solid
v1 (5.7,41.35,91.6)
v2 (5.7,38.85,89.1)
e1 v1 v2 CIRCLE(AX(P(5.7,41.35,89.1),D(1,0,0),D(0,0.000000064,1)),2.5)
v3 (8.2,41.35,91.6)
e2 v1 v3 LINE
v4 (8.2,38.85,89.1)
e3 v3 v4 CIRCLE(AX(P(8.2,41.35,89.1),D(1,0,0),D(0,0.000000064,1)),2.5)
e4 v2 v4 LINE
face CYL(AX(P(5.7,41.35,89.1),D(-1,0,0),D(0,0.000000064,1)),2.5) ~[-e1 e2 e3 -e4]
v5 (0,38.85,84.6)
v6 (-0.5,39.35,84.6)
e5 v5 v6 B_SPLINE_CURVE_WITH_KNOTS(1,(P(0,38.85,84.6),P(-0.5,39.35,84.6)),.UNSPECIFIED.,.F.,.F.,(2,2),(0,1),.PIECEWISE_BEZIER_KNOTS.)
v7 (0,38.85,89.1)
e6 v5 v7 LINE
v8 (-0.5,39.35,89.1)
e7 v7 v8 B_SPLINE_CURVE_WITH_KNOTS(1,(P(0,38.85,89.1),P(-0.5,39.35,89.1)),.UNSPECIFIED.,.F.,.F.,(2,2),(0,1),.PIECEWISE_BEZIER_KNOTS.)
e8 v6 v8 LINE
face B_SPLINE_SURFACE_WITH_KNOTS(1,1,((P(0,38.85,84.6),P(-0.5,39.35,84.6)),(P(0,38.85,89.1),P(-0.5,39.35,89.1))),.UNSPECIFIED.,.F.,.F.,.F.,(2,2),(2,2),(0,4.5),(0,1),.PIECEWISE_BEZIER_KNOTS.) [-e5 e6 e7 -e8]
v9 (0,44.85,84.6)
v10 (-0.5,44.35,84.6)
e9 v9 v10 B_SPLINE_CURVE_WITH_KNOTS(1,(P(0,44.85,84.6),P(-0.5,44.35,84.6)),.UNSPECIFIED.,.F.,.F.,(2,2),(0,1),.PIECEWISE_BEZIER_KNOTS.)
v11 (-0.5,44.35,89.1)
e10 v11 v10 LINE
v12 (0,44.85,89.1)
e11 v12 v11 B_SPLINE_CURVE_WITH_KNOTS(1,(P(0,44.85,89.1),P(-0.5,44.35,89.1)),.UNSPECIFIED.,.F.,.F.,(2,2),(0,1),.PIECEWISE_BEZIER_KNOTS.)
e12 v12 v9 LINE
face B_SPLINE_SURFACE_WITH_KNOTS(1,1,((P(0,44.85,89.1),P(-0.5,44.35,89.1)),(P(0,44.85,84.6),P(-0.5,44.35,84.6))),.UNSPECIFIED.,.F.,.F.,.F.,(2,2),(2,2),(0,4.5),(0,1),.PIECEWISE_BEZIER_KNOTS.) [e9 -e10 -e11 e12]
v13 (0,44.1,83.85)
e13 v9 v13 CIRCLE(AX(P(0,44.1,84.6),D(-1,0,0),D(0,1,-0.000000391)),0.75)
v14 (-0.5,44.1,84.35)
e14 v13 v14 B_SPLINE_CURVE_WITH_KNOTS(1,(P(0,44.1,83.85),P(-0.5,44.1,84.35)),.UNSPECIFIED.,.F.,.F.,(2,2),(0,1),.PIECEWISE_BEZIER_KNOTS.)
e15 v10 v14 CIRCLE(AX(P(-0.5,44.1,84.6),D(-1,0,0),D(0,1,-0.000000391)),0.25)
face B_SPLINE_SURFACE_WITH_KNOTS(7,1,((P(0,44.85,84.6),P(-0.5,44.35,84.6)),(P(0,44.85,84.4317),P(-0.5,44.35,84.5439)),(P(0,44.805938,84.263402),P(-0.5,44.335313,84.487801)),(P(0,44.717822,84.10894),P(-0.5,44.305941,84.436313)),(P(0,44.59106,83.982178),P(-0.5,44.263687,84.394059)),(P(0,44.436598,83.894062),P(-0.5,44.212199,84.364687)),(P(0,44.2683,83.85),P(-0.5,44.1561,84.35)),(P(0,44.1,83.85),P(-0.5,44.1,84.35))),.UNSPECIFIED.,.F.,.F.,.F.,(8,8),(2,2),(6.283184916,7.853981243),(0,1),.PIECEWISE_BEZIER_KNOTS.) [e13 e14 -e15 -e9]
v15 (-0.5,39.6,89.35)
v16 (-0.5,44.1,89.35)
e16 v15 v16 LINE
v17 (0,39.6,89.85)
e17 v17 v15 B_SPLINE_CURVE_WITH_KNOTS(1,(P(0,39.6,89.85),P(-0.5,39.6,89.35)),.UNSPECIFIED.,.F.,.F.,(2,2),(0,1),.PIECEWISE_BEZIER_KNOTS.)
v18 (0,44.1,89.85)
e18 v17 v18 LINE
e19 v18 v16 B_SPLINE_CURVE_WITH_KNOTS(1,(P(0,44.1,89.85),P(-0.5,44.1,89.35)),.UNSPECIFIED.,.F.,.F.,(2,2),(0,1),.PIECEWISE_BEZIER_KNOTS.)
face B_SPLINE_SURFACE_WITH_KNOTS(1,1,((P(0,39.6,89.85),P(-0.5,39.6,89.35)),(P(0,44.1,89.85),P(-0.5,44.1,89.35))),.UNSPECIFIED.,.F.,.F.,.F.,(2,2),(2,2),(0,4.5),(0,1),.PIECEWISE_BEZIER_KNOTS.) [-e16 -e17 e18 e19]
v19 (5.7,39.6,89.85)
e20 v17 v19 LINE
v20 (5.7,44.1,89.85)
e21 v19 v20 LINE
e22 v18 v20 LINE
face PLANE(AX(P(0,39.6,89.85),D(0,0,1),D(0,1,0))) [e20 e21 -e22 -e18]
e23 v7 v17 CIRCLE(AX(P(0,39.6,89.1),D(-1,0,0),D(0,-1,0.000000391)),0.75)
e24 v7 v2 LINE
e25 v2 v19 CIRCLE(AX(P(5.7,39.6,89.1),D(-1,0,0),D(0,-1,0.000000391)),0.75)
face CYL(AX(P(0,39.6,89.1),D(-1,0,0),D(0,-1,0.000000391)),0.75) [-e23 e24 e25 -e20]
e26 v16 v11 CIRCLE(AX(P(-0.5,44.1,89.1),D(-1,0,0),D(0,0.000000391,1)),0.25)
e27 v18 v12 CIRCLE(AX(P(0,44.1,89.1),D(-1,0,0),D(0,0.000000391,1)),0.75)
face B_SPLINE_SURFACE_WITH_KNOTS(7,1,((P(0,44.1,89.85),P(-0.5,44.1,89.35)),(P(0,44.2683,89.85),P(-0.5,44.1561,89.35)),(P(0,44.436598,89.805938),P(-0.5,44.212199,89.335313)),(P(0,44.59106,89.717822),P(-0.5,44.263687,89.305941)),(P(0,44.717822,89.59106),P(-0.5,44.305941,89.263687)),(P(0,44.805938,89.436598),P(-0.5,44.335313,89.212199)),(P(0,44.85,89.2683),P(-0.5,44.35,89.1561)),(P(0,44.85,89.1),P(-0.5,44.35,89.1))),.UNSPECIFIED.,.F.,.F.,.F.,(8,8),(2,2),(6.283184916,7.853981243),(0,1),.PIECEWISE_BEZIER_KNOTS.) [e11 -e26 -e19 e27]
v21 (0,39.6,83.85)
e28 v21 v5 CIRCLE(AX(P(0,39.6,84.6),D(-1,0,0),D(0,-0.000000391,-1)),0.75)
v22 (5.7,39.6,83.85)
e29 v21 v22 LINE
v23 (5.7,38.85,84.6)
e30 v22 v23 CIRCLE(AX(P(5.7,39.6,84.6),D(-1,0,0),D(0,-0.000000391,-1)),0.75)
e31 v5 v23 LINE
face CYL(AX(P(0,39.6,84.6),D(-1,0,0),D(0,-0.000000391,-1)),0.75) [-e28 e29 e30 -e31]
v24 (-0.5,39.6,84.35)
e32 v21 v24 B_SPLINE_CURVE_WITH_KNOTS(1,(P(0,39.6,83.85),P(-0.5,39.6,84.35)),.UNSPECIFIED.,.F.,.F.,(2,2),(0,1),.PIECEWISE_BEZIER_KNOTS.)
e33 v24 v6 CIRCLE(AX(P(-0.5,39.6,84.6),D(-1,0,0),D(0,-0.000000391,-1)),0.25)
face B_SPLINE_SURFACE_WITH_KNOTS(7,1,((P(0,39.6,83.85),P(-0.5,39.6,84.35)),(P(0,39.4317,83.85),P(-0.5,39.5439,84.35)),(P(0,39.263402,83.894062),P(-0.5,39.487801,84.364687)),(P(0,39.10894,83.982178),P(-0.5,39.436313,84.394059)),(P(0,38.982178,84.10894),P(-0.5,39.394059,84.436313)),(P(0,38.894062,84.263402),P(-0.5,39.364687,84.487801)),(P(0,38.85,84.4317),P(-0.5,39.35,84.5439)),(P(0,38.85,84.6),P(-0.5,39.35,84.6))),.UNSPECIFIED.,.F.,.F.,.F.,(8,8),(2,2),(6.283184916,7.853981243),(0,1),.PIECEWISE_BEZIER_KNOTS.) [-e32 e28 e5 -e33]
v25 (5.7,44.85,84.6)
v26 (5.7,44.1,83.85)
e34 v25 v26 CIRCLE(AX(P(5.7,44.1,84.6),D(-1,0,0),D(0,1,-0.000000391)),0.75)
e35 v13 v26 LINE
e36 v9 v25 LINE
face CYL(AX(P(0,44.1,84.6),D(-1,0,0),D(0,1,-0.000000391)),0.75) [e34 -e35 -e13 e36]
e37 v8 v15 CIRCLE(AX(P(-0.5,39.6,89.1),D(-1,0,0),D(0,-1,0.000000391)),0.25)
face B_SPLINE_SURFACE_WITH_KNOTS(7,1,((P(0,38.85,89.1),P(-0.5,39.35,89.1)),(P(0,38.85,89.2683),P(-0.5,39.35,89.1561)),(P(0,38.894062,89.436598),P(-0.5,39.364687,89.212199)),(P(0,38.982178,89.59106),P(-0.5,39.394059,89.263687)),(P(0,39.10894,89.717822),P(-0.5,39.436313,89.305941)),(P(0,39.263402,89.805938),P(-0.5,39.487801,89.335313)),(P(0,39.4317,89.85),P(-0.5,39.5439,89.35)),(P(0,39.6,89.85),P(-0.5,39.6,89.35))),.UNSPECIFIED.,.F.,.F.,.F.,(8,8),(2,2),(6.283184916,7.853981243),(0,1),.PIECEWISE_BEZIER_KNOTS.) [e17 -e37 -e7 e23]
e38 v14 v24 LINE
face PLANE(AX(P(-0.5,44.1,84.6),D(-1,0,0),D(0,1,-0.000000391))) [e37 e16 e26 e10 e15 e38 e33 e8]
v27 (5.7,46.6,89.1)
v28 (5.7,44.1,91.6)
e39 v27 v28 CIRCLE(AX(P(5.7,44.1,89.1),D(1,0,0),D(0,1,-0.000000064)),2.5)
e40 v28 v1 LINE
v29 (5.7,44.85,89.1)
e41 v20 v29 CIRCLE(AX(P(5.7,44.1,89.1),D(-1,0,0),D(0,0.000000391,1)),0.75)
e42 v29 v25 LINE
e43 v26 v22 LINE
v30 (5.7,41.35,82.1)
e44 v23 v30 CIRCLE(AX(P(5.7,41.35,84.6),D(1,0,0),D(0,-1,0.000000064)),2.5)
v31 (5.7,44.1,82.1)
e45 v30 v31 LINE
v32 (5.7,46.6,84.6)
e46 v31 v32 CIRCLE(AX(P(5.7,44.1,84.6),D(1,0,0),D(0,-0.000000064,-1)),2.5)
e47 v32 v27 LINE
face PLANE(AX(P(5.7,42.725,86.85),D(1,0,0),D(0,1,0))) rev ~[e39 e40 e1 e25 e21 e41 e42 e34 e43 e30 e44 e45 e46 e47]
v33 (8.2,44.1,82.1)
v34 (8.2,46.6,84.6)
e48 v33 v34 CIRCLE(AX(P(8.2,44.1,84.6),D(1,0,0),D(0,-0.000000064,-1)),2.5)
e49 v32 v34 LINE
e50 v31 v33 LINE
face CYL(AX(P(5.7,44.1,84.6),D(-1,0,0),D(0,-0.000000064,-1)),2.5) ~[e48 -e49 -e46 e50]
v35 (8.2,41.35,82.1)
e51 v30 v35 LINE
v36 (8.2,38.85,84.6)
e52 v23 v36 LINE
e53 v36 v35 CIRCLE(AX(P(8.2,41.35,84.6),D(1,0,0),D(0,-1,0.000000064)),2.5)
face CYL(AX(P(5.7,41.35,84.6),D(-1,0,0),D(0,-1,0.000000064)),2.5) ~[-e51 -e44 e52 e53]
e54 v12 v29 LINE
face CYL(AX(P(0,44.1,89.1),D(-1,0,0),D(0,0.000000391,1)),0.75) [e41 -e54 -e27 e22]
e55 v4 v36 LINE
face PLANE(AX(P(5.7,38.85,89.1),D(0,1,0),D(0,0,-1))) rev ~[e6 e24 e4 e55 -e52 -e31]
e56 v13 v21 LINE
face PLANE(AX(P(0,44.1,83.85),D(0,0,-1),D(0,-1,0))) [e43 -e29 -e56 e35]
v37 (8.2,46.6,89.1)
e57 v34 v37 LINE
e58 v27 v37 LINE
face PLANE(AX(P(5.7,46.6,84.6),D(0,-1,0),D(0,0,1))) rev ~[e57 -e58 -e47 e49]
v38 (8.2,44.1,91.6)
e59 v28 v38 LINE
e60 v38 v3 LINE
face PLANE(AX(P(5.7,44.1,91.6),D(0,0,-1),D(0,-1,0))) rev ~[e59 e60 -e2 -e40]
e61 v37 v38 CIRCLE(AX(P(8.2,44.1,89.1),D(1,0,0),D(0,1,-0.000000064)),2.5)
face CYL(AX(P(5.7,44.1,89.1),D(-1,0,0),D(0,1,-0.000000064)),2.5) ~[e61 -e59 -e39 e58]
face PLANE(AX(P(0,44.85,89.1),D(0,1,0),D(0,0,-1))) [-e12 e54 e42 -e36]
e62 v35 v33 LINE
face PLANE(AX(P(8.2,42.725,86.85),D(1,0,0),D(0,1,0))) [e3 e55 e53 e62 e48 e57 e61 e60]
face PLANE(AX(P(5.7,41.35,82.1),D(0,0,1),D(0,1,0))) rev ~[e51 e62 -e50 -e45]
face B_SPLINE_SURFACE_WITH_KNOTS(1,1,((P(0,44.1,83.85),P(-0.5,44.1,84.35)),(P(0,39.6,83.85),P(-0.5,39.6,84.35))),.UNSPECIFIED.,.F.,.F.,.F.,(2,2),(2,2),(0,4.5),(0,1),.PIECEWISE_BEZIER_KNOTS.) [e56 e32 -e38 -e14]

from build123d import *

# Parameters (mm, degrees)
PAD013_DEPTH = 5.7
PAD014_DEPTH = 2.5
PAD015_DEPTH = 0.5
PAD015_TAPER = 45


with BuildPart() as part:
    # Sketch028 (on Face271 of Binder002) → Pad013 (new body)
    with BuildSketch(Plane(origin=(0, 0, 0), x_dir=(0, -1, 0), z_dir=(-1, 0, 0))):
        with BuildLine():
            Line((-44.85, 89.1), (-44.85, 84.6))
            ThreePointArc((-44.85, 84.6), (-44.63033, 84.06967), (-44.1, 83.85))
            Line((-44.1, 83.85), (-39.6, 83.85))
            ThreePointArc((-39.6, 83.85), (-39.06967, 84.06967), (-38.85, 84.6))
            Line((-38.85, 84.6), (-38.85, 89.1))
            ThreePointArc((-38.85, 89.1), (-39.06967, 89.63033), (-39.6, 89.85))
            Line((-39.6, 89.85), (-44.1, 89.85))
            ThreePointArc((-44.1, 89.85), (-44.63033, 89.63033), (-44.85, 89.1))
        make_face()
    extrude(amount=-PAD013_DEPTH)

    # Sketch029 (on Face4 of Pad013) → Pad014 (join)
    with BuildSketch(Plane.YZ.offset(5.7)):
        with BuildLine():
            Line((38.85, 89.1), (38.85, 84.6))
            ThreePointArc((38.85, 84.6), (39.582233, 82.832233), (41.35, 82.1))
            Line((41.35, 82.1), (44.1, 82.1))
            ThreePointArc((44.1, 82.1), (45.867767, 82.832233), (46.6, 84.6))
            Line((46.6, 84.6), (46.6, 89.1))
            ThreePointArc((46.6, 89.1), (45.867767, 90.867767), (44.1, 91.6))
            Line((44.1, 91.6), (41.35, 91.6))
            ThreePointArc((41.35, 91.6), (39.582233, 90.867767), (38.85, 89.1))
        make_face()
    extrude(amount=PAD014_DEPTH)

    # Sketch028 (on Face271 of Binder002) → Pad015 (join)
    with BuildSketch(Plane(origin=(0, 0, 0), x_dir=(0, -1, 0), z_dir=(-1, 0, 0))):
        with BuildLine():
            Line((-44.85, 89.1), (-44.85, 84.6))
            ThreePointArc((-44.85, 84.6), (-44.63033, 84.06967), (-44.1, 83.85))
            Line((-44.1, 83.85), (-39.6, 83.85))
            ThreePointArc((-39.6, 83.85), (-39.06967, 84.06967), (-38.85, 84.6))
            Line((-38.85, 84.6), (-38.85, 89.1))
            ThreePointArc((-38.85, 89.1), (-39.06967, 89.63033), (-39.6, 89.85))
            Line((-39.6, 89.85), (-44.1, 89.85))
            ThreePointArc((-44.1, 89.85), (-44.63033, 89.63033), (-44.85, 89.1))
        make_face()
    extrude(amount=PAD015_DEPTH, taper=PAD015_TAPER)


solid = part.part
